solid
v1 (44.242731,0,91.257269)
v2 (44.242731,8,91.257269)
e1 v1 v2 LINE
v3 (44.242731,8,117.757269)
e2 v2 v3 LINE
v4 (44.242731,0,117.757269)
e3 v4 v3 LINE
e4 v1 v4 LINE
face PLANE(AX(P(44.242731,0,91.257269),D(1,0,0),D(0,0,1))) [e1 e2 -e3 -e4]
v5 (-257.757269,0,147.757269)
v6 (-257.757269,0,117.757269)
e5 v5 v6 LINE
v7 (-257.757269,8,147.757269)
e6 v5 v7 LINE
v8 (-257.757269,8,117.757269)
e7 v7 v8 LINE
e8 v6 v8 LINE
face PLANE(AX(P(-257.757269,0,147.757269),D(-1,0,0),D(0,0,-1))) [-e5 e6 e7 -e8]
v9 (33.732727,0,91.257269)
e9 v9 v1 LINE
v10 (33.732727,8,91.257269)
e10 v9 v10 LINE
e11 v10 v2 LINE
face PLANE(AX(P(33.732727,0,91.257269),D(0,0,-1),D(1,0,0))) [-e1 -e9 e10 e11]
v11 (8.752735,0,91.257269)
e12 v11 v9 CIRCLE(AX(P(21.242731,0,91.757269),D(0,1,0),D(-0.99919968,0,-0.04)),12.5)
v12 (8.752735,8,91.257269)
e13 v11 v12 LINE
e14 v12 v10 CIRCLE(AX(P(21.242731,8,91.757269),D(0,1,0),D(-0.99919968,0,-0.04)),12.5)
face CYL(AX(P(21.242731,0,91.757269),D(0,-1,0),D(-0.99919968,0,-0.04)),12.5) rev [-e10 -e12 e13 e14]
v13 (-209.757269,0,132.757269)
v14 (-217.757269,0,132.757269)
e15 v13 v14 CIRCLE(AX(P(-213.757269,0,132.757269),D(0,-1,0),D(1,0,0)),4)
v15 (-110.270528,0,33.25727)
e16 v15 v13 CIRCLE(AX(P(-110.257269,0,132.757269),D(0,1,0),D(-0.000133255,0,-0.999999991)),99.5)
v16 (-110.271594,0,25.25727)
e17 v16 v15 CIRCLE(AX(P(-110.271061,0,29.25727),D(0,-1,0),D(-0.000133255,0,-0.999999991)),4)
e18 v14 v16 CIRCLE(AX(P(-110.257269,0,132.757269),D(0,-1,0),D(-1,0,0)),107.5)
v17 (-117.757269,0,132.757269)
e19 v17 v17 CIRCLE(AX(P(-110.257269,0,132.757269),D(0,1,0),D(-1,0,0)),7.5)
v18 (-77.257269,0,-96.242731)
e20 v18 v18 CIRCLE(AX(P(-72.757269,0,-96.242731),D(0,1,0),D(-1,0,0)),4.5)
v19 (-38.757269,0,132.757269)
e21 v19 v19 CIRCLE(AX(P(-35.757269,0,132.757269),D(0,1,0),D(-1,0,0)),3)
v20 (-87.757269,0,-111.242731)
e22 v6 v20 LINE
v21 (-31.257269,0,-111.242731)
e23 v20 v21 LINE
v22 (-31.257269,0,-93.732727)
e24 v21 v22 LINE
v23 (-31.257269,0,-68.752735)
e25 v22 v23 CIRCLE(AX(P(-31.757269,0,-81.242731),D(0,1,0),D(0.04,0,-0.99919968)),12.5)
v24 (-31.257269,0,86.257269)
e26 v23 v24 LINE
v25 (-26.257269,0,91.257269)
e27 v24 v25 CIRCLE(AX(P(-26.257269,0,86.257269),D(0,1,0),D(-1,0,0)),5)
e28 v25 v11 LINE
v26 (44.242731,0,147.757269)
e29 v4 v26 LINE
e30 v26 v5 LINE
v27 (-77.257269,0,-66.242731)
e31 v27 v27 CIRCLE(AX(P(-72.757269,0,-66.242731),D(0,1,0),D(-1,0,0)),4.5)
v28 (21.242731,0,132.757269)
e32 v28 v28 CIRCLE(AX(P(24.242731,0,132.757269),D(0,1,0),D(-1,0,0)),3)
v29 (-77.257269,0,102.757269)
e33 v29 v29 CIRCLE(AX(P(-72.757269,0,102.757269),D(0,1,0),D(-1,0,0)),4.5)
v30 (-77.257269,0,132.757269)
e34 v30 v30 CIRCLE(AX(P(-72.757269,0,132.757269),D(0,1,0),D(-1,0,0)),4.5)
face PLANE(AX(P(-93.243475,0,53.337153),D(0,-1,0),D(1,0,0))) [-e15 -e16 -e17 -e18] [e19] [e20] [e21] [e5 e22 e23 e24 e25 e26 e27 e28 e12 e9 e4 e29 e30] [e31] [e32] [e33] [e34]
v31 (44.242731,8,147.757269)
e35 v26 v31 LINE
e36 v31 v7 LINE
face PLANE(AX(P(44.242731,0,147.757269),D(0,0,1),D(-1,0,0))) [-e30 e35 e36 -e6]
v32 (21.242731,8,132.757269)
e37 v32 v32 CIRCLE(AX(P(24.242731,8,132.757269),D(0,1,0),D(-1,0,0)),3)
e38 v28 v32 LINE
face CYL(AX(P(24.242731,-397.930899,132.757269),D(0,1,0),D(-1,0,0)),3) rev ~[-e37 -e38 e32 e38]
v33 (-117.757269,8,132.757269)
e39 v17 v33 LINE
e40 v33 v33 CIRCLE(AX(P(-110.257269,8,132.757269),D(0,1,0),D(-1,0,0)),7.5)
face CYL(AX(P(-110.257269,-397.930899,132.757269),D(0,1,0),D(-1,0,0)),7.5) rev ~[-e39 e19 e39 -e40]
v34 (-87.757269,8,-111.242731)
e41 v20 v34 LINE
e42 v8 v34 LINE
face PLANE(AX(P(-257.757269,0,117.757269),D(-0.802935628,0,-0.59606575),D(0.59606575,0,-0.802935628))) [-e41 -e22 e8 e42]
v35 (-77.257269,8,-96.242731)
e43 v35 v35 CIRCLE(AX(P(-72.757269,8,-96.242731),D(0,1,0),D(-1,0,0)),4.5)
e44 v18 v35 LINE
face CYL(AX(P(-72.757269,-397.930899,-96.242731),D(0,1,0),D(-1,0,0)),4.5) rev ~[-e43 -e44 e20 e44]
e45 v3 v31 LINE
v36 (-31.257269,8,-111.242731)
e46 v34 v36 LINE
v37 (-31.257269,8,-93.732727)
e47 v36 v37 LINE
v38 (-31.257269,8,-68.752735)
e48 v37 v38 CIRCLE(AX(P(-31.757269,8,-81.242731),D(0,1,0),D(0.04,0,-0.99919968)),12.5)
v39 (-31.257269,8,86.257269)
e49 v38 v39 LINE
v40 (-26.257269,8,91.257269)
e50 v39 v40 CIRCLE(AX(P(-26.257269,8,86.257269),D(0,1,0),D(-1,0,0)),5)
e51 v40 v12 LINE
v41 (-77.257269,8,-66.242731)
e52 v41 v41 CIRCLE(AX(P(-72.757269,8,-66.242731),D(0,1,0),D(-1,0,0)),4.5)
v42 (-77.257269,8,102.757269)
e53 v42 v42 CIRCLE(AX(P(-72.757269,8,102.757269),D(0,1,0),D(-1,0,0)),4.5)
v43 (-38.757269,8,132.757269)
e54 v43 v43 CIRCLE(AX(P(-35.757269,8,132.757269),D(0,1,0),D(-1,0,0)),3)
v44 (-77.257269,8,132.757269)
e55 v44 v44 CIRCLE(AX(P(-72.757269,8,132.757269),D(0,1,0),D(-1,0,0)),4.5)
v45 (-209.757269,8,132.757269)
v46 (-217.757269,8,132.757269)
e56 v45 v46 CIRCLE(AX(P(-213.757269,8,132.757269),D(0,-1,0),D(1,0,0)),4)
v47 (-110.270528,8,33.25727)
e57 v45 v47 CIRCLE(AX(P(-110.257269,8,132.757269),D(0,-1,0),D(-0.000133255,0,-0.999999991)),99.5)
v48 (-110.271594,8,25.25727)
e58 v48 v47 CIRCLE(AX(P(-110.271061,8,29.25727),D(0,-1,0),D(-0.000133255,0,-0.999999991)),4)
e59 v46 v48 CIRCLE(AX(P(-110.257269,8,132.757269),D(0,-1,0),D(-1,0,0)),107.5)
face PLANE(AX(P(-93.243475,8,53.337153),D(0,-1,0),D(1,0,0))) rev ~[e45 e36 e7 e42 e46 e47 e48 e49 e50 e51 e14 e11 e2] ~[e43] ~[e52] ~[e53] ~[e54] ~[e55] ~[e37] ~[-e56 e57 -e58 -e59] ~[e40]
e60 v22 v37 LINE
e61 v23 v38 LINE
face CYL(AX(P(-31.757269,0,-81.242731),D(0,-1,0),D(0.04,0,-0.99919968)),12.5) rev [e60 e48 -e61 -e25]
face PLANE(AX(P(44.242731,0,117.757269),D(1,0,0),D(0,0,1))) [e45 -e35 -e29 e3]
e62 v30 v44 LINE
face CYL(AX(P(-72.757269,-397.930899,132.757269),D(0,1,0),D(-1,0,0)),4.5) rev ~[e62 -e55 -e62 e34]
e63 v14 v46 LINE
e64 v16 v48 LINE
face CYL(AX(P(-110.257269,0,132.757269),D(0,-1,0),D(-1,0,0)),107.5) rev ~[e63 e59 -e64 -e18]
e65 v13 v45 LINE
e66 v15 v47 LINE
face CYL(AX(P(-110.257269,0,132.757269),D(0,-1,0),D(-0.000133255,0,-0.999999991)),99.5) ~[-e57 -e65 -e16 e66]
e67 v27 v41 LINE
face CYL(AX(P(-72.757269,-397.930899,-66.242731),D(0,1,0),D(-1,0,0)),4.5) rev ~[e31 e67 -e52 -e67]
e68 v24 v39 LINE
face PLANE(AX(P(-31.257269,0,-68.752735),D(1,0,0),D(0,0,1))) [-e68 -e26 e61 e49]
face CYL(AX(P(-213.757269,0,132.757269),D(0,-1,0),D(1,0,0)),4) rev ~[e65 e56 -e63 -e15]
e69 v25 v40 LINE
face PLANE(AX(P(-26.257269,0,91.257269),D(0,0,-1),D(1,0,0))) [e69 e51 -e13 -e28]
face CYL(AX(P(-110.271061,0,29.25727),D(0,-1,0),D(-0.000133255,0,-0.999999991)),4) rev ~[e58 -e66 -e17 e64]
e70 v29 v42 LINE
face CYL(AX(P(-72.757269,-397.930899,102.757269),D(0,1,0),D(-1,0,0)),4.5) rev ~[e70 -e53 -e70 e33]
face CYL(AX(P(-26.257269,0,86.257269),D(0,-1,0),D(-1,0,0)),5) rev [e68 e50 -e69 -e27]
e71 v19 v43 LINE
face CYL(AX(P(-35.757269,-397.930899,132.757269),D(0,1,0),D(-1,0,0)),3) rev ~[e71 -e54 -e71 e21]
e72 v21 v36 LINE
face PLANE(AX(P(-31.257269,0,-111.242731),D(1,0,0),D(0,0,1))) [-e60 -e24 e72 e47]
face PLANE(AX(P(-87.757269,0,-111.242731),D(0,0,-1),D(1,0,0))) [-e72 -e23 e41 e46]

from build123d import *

# Parameters (mm, degrees)
F2_DEPTH = 8
F4_D     = 15
F6_D     = 9
F8_DEPTH = 25
F9_D     = 6


with BuildPart() as f2:
    # F1 (on Front) → F2 (new body)
    with BuildSketch(Plane.XZ):
        with BuildLine():
            Line((-257.7572688935, 147.7572688894), (-257.7572688935, 117.7572688894))
            Line((-257.7572688935, 117.7572688894), (-87.7572688935, -111.2427311235))
            Line((-87.7572688935, -111.2427311235), (-57.7572688935, -111.2427311235))
            Line((-57.7572688935, -111.2427311235), (-31.2572688938, -111.2427311235))
            Line((-31.2572688938, -111.2427311235), (-31.2572688938, -93.7327271198))
            ThreePointArc((-31.2572688938, -93.7327271198), (-44.2572688934, -81.2427311229), (-31.2572688938, -68.7527351261))
            Line((-31.2572688938, -68.7527351261), (-31.2572688938, 86.2572688893))
            ThreePointArc((-31.2572688938, 86.2572688893), (-29.7928027997, 89.7928027952), (-26.2572688938, 91.2572688893))
            Line((-26.2572688938, 91.2572688893), (8.7527351631, 91.2572688893))
            ThreePointArc((8.7527351631, 91.2572688893), (21.2427311599, 104.2572688889), (33.7327271567, 91.2572688893))
            Line((33.7327271567, 91.2572688893), (44.2427311605, 91.2572688893))
            Line((44.2427311605, 91.2572688893), (44.2427311606, 117.757268889))
            Line((44.2427311606, 117.757268889), (44.2427311606, 147.7572688894))
            Line((44.2427311606, 147.7572688894), (-257.7572688935, 147.7572688894))
        make_face()
    extrude(amount=-F2_DEPTH)

    # F4 (through all)
    with Locations(Plane.XZ):
        with Locations((-110.2572688394, 132.7572688894)):
            Hole(F4_D / 2)

    # F6 (through all)
    with Locations(Plane.XZ):
        with Locations((-72.7572688936, -66.2427311235), (-72.7572688936, -96.2427311235), (-72.7572688936, 132.7572688894), (-72.7572688936, 102.7572688894)):
            Hole(F6_D / 2)

    # F7 (on face) → F8 (cut)
    with BuildSketch(Plane.XZ):
        with BuildLine():
            ThreePointArc((-110.2705276792, 33.2572697728), (-180.6190811191, 62.4048320253), (-209.7572688394, 132.7572688894))
            ThreePointArc((-209.7572688394, 132.7572688894), (-213.7572688394, 136.7572688894), (-217.7572688394, 132.7572688894))
            ThreePointArc((-217.7572688394, 132.7572688894), (-186.2763122571, 56.7483546894), (-110.2715937166, 25.2572698438))
            ThreePointArc((-110.2715937166, 25.2572698438), (-106.2710607334, 29.2567367896), (-110.2705276792, 33.2572697728))
        make_face()
    extrude(amount=-F8_DEPTH, mode=Mode.SUBTRACT)

    # F9 (through all)
    with Locations(Plane.XZ):
        with Locations((-35.7572688394, 132.7572688894), (24.2427311606, 132.7572688894)):
            Hole(F9_D / 2)


solid = f2.part
